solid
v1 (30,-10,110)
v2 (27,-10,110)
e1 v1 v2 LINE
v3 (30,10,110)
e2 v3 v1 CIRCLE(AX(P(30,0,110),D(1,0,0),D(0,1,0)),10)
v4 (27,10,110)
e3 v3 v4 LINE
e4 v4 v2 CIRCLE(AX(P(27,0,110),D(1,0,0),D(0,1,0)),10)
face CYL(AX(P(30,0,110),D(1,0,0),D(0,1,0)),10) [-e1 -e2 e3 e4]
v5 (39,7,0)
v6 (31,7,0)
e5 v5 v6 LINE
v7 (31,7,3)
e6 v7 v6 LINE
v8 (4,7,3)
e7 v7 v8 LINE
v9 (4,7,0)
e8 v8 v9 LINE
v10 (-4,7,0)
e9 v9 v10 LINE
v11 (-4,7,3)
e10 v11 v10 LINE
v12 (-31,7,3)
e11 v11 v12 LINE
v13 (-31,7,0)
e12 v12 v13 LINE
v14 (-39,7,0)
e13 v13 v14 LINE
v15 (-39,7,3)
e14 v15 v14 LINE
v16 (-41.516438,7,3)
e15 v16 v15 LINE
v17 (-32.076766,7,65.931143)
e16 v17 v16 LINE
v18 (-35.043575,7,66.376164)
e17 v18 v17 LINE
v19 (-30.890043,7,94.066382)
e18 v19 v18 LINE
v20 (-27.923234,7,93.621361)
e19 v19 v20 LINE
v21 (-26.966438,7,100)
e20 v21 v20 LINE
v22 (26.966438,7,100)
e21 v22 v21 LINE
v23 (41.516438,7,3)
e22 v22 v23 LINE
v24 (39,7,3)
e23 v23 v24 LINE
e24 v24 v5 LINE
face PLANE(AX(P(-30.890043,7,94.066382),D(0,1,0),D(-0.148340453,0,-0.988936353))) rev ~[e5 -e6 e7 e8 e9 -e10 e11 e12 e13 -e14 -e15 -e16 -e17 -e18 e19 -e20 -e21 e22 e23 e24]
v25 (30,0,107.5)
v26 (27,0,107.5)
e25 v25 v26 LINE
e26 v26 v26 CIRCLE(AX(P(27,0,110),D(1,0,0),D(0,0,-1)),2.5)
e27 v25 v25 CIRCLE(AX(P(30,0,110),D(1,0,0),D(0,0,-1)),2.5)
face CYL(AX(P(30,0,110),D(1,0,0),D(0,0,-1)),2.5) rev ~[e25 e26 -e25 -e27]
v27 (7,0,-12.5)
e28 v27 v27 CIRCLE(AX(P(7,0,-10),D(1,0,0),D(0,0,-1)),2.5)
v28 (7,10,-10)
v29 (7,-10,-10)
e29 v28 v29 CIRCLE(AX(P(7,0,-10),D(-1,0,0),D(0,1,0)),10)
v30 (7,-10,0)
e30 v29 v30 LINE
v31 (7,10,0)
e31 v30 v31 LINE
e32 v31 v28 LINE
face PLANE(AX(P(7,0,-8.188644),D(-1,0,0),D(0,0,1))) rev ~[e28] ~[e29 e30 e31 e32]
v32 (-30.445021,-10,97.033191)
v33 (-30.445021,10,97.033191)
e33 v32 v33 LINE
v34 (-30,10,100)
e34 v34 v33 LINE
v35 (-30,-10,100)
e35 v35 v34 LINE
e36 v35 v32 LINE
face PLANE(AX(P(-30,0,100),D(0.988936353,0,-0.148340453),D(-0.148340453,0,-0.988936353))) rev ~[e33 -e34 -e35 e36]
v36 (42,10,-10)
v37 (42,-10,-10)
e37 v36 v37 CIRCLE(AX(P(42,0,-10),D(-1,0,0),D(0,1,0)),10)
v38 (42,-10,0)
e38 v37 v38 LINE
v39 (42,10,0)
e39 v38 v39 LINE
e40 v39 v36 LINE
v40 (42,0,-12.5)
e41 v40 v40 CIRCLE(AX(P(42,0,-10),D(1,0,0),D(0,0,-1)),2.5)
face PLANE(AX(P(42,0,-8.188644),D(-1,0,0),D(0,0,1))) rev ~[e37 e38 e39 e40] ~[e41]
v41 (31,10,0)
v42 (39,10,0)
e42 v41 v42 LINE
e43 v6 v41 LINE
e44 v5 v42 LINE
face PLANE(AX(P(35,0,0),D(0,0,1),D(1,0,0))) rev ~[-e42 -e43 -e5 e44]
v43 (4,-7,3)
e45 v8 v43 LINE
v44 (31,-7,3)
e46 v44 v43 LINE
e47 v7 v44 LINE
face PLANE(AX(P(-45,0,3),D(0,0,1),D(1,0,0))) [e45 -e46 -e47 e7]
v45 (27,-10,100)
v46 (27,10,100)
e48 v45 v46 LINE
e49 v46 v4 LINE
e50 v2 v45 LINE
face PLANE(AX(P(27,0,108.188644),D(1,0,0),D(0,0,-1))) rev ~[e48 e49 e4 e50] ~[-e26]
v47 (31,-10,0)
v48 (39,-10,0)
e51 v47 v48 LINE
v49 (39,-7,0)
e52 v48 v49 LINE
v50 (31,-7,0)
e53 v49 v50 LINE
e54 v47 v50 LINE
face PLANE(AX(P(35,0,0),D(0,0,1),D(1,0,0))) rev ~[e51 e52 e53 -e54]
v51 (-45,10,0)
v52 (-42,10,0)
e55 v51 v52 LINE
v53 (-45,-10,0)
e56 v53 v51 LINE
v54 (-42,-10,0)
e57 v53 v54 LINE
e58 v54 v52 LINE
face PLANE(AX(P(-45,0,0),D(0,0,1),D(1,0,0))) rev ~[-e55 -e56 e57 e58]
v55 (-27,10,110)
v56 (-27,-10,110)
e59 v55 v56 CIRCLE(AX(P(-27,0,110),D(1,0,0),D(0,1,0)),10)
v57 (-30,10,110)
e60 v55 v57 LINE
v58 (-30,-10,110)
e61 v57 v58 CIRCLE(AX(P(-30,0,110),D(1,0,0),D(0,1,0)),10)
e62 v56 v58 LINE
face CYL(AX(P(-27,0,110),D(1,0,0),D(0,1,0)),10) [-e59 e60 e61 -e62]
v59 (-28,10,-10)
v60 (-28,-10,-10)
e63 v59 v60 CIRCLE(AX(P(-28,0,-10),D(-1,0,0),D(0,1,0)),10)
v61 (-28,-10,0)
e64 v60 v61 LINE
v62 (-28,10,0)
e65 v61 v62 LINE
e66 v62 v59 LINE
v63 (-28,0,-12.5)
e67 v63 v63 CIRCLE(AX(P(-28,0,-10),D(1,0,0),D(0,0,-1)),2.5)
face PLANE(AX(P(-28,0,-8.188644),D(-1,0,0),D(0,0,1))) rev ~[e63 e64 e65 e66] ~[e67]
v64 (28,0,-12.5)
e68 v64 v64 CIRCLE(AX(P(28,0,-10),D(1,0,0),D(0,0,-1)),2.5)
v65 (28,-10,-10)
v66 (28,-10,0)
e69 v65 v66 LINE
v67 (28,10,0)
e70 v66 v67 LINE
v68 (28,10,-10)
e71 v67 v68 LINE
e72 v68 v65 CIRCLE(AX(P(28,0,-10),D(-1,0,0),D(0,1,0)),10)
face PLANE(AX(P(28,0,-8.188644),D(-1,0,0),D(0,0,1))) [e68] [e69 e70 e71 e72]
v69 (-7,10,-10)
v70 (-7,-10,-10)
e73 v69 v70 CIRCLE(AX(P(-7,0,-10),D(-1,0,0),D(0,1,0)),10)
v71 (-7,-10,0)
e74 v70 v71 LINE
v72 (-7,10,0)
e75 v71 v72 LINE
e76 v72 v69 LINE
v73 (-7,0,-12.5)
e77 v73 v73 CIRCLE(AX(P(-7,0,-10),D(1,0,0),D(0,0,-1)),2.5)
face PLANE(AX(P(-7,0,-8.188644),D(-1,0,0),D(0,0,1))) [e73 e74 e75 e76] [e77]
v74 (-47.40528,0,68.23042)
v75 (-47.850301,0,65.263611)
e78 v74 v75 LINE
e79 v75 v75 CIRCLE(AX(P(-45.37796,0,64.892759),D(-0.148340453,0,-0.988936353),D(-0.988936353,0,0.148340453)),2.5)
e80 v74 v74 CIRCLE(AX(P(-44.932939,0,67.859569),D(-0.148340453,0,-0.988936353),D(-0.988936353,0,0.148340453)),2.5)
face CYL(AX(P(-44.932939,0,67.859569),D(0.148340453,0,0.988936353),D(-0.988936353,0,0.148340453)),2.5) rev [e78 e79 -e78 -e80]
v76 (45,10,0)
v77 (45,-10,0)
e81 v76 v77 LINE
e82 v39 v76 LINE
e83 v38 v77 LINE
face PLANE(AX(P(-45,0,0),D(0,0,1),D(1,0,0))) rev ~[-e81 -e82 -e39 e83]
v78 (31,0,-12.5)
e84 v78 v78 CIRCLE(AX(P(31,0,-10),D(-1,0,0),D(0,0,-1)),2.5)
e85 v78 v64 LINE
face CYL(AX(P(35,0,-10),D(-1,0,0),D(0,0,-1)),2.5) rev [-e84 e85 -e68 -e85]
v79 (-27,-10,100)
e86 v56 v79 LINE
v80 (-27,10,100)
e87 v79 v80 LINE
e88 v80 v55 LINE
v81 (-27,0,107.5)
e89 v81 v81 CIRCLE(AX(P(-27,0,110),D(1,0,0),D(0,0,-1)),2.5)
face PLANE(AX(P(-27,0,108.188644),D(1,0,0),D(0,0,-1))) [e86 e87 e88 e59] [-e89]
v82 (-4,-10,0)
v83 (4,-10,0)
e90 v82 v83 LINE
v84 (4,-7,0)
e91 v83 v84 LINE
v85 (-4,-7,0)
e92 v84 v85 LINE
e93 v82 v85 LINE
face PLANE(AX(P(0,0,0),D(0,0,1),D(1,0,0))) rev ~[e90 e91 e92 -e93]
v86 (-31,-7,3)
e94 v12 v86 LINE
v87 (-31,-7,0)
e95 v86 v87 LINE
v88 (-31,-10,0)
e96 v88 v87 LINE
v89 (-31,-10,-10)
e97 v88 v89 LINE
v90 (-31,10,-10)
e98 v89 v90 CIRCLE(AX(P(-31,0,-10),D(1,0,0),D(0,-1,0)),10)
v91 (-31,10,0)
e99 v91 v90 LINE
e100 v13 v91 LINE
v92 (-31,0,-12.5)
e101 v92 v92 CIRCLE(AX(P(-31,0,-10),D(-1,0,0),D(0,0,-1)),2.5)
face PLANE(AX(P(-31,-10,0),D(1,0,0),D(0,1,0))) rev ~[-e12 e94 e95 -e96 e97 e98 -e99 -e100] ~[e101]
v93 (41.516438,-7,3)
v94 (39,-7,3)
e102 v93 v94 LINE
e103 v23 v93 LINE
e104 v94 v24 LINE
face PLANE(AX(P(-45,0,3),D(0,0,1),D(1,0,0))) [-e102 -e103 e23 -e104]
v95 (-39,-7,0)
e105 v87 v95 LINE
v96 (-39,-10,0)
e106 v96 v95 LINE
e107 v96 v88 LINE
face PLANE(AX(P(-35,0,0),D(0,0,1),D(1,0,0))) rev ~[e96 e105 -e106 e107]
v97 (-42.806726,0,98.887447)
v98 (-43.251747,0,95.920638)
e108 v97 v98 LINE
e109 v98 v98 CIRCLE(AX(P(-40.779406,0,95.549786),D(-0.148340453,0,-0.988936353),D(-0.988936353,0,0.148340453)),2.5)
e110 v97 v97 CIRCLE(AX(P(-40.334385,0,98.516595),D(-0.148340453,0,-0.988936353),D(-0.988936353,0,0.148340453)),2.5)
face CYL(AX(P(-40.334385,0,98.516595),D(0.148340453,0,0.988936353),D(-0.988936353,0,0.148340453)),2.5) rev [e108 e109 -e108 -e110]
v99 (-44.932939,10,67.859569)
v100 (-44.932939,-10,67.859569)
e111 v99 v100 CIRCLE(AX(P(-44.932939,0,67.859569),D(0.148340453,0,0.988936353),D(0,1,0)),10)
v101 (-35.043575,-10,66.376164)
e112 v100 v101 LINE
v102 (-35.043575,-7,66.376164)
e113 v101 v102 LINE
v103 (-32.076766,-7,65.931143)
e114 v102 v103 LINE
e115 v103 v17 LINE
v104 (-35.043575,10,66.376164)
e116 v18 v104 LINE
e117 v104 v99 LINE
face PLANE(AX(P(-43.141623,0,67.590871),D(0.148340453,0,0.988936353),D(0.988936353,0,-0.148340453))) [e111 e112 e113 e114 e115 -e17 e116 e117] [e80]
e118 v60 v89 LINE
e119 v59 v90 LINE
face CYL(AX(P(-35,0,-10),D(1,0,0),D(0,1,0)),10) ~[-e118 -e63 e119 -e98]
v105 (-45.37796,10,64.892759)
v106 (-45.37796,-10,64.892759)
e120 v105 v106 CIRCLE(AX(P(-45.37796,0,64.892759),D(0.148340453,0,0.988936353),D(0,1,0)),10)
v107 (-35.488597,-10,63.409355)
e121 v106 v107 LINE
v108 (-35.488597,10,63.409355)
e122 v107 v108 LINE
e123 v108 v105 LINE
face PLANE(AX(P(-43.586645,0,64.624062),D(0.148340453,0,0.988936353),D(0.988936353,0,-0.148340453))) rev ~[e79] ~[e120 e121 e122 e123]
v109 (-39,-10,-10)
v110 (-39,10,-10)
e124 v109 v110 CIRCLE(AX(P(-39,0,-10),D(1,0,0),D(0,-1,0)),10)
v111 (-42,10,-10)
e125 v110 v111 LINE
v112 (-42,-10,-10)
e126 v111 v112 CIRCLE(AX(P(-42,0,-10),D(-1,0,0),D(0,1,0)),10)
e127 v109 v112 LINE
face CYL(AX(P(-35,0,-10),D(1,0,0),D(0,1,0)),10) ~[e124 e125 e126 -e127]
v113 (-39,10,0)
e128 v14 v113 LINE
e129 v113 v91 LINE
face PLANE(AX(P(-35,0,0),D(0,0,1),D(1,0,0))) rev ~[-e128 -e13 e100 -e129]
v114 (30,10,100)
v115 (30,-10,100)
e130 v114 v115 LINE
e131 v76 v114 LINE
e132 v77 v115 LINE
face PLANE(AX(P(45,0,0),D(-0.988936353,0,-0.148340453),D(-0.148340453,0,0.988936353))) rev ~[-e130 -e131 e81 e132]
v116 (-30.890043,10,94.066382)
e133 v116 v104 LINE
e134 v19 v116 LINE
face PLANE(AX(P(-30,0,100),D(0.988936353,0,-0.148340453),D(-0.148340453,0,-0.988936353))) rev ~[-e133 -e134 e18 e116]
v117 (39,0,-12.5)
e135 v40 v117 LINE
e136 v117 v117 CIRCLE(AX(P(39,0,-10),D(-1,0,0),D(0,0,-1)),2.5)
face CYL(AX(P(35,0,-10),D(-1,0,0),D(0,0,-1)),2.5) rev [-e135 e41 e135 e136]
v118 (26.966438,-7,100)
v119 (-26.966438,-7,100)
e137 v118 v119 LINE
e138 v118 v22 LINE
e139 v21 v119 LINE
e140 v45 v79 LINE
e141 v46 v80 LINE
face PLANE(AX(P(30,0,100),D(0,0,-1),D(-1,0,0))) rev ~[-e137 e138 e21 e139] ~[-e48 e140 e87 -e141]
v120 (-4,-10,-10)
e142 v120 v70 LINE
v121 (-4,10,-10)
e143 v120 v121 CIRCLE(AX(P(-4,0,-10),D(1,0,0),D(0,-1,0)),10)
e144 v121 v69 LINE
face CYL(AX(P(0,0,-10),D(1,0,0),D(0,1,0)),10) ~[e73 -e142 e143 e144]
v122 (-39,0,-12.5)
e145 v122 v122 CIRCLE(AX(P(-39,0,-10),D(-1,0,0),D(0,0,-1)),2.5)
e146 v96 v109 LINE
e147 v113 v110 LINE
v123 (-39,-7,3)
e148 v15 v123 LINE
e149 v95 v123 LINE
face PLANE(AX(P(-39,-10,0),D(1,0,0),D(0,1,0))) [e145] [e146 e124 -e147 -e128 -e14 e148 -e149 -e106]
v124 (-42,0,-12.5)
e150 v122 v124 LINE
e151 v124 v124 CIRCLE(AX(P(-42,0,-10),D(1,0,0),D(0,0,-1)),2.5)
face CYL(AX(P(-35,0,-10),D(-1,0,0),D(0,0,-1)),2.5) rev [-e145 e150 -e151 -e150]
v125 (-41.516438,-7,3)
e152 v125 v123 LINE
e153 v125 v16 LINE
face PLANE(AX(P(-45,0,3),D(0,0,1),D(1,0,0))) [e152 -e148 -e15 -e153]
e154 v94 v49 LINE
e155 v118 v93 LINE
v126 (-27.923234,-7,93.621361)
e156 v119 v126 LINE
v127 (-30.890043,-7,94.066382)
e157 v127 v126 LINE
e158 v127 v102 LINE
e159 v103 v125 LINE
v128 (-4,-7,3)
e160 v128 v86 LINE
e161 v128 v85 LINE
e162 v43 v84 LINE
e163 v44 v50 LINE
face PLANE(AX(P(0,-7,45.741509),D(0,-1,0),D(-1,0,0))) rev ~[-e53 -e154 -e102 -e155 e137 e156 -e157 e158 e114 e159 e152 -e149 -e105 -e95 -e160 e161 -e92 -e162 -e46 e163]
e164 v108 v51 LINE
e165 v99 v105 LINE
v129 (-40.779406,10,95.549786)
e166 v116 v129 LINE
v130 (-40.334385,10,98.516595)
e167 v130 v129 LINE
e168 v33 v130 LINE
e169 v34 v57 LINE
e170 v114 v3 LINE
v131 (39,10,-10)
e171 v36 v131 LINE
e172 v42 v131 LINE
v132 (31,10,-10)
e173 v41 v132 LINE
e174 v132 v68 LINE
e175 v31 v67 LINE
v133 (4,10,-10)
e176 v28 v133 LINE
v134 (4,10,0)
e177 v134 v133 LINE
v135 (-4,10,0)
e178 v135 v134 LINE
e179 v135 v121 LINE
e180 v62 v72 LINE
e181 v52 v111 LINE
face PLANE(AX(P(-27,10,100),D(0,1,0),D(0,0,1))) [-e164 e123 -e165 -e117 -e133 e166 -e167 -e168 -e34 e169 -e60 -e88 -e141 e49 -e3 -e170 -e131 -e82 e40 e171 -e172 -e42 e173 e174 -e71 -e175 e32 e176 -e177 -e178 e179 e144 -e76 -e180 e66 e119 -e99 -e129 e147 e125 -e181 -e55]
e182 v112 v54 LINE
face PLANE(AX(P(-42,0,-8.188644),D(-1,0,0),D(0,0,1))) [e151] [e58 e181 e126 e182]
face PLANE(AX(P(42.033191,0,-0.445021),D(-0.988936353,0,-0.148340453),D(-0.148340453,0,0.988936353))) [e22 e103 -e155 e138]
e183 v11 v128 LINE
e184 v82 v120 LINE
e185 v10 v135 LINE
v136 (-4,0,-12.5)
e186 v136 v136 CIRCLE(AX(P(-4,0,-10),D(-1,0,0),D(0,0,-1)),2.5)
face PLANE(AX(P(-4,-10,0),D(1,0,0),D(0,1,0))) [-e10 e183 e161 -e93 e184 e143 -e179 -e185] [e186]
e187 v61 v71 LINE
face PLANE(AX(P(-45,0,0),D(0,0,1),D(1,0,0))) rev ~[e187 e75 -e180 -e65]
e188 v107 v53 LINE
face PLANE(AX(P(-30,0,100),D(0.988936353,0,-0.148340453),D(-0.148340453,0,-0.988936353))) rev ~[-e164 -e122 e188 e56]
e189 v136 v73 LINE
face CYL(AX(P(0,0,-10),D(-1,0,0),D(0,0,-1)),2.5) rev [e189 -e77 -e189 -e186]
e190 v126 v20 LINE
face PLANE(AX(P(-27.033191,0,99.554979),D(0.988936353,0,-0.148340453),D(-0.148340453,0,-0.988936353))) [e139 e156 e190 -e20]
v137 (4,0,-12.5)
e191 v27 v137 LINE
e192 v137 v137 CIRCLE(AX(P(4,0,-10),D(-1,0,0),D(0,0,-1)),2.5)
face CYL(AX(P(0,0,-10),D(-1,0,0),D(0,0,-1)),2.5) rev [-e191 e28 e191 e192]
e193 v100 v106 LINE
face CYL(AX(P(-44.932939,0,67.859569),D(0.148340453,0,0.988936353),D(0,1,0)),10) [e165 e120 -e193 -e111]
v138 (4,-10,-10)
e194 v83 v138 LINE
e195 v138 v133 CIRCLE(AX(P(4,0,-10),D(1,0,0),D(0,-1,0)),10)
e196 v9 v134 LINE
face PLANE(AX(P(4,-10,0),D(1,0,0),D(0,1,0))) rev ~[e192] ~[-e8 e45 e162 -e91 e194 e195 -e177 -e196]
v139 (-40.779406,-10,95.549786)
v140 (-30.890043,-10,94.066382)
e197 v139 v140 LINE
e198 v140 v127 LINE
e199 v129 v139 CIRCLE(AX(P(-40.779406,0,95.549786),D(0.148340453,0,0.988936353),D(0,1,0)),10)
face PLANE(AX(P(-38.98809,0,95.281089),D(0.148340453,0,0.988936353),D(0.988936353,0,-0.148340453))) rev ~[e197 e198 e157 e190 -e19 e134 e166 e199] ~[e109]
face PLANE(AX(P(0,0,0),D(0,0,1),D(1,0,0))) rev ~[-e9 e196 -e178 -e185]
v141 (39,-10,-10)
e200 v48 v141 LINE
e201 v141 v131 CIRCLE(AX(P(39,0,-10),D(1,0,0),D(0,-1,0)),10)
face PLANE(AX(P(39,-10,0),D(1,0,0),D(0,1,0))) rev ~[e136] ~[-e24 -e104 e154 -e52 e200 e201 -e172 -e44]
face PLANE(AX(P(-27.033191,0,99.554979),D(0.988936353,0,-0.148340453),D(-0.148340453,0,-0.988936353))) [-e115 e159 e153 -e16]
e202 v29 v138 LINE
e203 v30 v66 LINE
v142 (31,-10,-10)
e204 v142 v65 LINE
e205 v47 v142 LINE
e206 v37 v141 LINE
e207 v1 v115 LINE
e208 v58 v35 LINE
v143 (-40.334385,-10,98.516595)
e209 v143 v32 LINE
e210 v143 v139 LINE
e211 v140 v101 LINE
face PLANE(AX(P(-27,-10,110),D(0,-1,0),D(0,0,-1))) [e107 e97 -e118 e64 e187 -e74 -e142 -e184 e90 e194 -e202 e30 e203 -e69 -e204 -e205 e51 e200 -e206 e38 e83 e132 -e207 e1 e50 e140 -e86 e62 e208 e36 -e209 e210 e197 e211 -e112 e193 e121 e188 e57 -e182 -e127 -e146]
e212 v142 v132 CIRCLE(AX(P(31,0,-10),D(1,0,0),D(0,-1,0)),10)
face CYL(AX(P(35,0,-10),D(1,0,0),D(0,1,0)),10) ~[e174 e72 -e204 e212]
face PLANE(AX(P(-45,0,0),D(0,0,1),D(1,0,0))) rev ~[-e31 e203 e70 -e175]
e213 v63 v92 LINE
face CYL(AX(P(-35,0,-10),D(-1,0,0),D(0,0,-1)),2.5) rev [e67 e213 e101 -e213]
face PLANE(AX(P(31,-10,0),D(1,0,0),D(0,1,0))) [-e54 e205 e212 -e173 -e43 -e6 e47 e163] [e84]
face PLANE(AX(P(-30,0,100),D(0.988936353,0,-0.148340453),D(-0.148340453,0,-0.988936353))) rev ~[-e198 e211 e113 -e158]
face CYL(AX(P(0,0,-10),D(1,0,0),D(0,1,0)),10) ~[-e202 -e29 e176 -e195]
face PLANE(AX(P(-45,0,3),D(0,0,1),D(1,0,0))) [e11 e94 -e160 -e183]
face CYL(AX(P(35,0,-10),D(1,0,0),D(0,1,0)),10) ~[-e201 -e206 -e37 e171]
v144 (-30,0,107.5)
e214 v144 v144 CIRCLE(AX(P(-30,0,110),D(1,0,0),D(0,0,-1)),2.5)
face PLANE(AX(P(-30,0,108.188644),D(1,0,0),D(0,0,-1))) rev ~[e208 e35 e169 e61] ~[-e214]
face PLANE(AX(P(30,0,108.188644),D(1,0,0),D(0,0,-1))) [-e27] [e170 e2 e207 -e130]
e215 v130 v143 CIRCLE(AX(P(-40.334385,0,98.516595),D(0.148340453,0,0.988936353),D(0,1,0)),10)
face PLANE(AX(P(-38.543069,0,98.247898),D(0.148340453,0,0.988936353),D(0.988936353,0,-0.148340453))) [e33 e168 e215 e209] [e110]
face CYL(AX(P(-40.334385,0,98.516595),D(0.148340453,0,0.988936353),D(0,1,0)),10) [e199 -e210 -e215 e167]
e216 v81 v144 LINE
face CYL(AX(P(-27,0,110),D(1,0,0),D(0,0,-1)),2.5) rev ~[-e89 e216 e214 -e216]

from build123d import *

# Parameters (mm, degrees)
BOSS_EXTRUDE1_DEPTH = 10
BOSS_EXTRUDE2_START = 35
SKETCH2_R           = 2.5
BOSS_EXTRUDE2_DEPTH = 7
LPATTERN1_COUNT     = 3
LPATTERN1_PITCH     = 35
SHELL1_T            = -3
SKETCH3_W           = 8
SKETCH3_H           = 20
CUT_EXTRUDE1_DEPTH  = 20
BOSS_EXTRUDE3_START = 3
SKETCH5_R           = 2.5
BOSS_EXTRUDE3_DEPTH = 3
LPATTERN2_COUNT     = 2
LPATTERN2_PITCH     = 31
SKETCH6_W           = 28
SKETCH6_H           = 14
CUT_EXTRUDE2_DEPTH  = 3
BOSS_EXTRUDE4_START = 30
SKETCH7_R           = 2.5
BOSS_EXTRUDE4_DEPTH = 3
LPATTERN3_COUNT     = 2
LPATTERN3_PITCH     = 57


with BuildPart() as part:
    # Sketch1 → Boss-Extrude1 (new body, symmetric)
    with BuildSketch(Plane(origin=(0, 0, 0), x_dir=(1, 0, 0), z_dir=(0, 1, 0))):
        Polygon((-45, 0), (45, 0), (30, -100), (-30, -100), align=None)
    extrude(amount=BOSS_EXTRUDE1_DEPTH, both=True)

    # Sketch2 → Boss-Extrude2 (add, symmetric)
    with BuildSketch(Plane(origin=(0, 0, 0), x_dir=(0, 0, -1), z_dir=(1, 0, 0)).offset(BOSS_EXTRUDE2_START)):
        with BuildLine():
            Line((0, 10), (10, 10))
            ThreePointArc((10, 10), (20, 0), (10, -10))
            Line((10, -10), (0, -10))
            Line((0, -10), (0, 10))
        make_face()
        with Locations((10, 0)):
            Circle(SKETCH2_R, mode=Mode.SUBTRACT)
    boss_extrude2 = extrude(amount=BOSS_EXTRUDE2_DEPTH, both=True)

    # LPattern1: Boss-Extrude2 ×3
    with Locations(*[(-i * LPATTERN1_PITCH, 0, 0) for i in range(1, LPATTERN1_COUNT)]):
        add(boss_extrude2)

    # Shell1
    shell1_openings = [part.faces().sort_by_distance(p)[0] for p in [
        (0, 0, 100),
    ]]
    offset(amount=SHELL1_T, openings=shell1_openings, kind=Kind.INTERSECTION)

    # Sketch3 → Cut-Extrude1 (cut)
    with BuildSketch(Plane.XY):
        with Locations((35, 0)):
            Rectangle(SKETCH3_W, SKETCH3_H)
        Rectangle(SKETCH3_W, SKETCH3_H)
        with Locations((-35, 0)):
            Rectangle(SKETCH3_W, SKETCH3_H)
    extrude(amount=-CUT_EXTRUDE1_DEPTH, mode=Mode.SUBTRACT)

    # Sketch5 → Boss-Extrude3 (add)
    with BuildSketch(Plane(origin=(14.009779951, 0, 93.398533007), x_dir=(-0.988936353, 0, 0.148340453), z_dir=(-0.148340453, 0, -0.988936353)).offset(BOSS_EXTRUDE3_START)):
        with BuildLine():
            Line((44.502135879, 10), (54.502135879, 10))
            ThreePointArc((54.502135879, 10), (64.502135879, 0), (54.502135879, -10))
            Line((54.502135879, -10), (44.502135879, -10))
            Line((44.502135879, -10), (44.502135879, 10))
        make_face()
        with Locations((54.502135879, 0)):
            Circle(SKETCH5_R, mode=Mode.SUBTRACT)
    boss_extrude3 = extrude(amount=BOSS_EXTRUDE3_DEPTH)

    # LPattern2: Boss-Extrude3 ×2
    with Locations(*[Vector(-0.148340453, 0, -0.988936353) * (i * LPATTERN2_PITCH) for i in range(1, LPATTERN2_COUNT)]):
        add(boss_extrude3)

    # Sketch6 → Cut-Extrude2 (cut)
    with BuildSketch(Plane(origin=(-44.009779951, 0, 6.601466993), x_dir=(-0.148340453, 0, -0.988936353), z_dir=(0.988936353, 0, -0.148340453))):
        with Locations((-74.443421699, 0)):
            Rectangle(SKETCH6_W, SKETCH6_H)
    extrude(amount=CUT_EXTRUDE2_DEPTH, mode=Mode.SUBTRACT)

    # Sketch7 → Boss-Extrude4 (add)
    with BuildSketch(Plane(origin=(0, 0, 0), x_dir=(0, 0, -1), z_dir=(1, 0, 0)).offset(BOSS_EXTRUDE4_START)):
        with BuildLine():
            Line((-100, 10), (-110, 10))
            ThreePointArc((-110, 10), (-120, 0), (-110, -10))
            Line((-110, -10), (-100, -10))
            Line((-100, -10), (-100, 10))
        make_face()
        with Locations((-110, 0)):
            Circle(SKETCH7_R, mode=Mode.SUBTRACT)
    boss_extrude4 = extrude(amount=-BOSS_EXTRUDE4_DEPTH)

    # LPattern3: Boss-Extrude4 ×2
    with Locations(*[(-i * LPATTERN3_PITCH, 0, 0) for i in range(1, LPATTERN3_COUNT)]):
        add(boss_extrude4)


solid = part.part
